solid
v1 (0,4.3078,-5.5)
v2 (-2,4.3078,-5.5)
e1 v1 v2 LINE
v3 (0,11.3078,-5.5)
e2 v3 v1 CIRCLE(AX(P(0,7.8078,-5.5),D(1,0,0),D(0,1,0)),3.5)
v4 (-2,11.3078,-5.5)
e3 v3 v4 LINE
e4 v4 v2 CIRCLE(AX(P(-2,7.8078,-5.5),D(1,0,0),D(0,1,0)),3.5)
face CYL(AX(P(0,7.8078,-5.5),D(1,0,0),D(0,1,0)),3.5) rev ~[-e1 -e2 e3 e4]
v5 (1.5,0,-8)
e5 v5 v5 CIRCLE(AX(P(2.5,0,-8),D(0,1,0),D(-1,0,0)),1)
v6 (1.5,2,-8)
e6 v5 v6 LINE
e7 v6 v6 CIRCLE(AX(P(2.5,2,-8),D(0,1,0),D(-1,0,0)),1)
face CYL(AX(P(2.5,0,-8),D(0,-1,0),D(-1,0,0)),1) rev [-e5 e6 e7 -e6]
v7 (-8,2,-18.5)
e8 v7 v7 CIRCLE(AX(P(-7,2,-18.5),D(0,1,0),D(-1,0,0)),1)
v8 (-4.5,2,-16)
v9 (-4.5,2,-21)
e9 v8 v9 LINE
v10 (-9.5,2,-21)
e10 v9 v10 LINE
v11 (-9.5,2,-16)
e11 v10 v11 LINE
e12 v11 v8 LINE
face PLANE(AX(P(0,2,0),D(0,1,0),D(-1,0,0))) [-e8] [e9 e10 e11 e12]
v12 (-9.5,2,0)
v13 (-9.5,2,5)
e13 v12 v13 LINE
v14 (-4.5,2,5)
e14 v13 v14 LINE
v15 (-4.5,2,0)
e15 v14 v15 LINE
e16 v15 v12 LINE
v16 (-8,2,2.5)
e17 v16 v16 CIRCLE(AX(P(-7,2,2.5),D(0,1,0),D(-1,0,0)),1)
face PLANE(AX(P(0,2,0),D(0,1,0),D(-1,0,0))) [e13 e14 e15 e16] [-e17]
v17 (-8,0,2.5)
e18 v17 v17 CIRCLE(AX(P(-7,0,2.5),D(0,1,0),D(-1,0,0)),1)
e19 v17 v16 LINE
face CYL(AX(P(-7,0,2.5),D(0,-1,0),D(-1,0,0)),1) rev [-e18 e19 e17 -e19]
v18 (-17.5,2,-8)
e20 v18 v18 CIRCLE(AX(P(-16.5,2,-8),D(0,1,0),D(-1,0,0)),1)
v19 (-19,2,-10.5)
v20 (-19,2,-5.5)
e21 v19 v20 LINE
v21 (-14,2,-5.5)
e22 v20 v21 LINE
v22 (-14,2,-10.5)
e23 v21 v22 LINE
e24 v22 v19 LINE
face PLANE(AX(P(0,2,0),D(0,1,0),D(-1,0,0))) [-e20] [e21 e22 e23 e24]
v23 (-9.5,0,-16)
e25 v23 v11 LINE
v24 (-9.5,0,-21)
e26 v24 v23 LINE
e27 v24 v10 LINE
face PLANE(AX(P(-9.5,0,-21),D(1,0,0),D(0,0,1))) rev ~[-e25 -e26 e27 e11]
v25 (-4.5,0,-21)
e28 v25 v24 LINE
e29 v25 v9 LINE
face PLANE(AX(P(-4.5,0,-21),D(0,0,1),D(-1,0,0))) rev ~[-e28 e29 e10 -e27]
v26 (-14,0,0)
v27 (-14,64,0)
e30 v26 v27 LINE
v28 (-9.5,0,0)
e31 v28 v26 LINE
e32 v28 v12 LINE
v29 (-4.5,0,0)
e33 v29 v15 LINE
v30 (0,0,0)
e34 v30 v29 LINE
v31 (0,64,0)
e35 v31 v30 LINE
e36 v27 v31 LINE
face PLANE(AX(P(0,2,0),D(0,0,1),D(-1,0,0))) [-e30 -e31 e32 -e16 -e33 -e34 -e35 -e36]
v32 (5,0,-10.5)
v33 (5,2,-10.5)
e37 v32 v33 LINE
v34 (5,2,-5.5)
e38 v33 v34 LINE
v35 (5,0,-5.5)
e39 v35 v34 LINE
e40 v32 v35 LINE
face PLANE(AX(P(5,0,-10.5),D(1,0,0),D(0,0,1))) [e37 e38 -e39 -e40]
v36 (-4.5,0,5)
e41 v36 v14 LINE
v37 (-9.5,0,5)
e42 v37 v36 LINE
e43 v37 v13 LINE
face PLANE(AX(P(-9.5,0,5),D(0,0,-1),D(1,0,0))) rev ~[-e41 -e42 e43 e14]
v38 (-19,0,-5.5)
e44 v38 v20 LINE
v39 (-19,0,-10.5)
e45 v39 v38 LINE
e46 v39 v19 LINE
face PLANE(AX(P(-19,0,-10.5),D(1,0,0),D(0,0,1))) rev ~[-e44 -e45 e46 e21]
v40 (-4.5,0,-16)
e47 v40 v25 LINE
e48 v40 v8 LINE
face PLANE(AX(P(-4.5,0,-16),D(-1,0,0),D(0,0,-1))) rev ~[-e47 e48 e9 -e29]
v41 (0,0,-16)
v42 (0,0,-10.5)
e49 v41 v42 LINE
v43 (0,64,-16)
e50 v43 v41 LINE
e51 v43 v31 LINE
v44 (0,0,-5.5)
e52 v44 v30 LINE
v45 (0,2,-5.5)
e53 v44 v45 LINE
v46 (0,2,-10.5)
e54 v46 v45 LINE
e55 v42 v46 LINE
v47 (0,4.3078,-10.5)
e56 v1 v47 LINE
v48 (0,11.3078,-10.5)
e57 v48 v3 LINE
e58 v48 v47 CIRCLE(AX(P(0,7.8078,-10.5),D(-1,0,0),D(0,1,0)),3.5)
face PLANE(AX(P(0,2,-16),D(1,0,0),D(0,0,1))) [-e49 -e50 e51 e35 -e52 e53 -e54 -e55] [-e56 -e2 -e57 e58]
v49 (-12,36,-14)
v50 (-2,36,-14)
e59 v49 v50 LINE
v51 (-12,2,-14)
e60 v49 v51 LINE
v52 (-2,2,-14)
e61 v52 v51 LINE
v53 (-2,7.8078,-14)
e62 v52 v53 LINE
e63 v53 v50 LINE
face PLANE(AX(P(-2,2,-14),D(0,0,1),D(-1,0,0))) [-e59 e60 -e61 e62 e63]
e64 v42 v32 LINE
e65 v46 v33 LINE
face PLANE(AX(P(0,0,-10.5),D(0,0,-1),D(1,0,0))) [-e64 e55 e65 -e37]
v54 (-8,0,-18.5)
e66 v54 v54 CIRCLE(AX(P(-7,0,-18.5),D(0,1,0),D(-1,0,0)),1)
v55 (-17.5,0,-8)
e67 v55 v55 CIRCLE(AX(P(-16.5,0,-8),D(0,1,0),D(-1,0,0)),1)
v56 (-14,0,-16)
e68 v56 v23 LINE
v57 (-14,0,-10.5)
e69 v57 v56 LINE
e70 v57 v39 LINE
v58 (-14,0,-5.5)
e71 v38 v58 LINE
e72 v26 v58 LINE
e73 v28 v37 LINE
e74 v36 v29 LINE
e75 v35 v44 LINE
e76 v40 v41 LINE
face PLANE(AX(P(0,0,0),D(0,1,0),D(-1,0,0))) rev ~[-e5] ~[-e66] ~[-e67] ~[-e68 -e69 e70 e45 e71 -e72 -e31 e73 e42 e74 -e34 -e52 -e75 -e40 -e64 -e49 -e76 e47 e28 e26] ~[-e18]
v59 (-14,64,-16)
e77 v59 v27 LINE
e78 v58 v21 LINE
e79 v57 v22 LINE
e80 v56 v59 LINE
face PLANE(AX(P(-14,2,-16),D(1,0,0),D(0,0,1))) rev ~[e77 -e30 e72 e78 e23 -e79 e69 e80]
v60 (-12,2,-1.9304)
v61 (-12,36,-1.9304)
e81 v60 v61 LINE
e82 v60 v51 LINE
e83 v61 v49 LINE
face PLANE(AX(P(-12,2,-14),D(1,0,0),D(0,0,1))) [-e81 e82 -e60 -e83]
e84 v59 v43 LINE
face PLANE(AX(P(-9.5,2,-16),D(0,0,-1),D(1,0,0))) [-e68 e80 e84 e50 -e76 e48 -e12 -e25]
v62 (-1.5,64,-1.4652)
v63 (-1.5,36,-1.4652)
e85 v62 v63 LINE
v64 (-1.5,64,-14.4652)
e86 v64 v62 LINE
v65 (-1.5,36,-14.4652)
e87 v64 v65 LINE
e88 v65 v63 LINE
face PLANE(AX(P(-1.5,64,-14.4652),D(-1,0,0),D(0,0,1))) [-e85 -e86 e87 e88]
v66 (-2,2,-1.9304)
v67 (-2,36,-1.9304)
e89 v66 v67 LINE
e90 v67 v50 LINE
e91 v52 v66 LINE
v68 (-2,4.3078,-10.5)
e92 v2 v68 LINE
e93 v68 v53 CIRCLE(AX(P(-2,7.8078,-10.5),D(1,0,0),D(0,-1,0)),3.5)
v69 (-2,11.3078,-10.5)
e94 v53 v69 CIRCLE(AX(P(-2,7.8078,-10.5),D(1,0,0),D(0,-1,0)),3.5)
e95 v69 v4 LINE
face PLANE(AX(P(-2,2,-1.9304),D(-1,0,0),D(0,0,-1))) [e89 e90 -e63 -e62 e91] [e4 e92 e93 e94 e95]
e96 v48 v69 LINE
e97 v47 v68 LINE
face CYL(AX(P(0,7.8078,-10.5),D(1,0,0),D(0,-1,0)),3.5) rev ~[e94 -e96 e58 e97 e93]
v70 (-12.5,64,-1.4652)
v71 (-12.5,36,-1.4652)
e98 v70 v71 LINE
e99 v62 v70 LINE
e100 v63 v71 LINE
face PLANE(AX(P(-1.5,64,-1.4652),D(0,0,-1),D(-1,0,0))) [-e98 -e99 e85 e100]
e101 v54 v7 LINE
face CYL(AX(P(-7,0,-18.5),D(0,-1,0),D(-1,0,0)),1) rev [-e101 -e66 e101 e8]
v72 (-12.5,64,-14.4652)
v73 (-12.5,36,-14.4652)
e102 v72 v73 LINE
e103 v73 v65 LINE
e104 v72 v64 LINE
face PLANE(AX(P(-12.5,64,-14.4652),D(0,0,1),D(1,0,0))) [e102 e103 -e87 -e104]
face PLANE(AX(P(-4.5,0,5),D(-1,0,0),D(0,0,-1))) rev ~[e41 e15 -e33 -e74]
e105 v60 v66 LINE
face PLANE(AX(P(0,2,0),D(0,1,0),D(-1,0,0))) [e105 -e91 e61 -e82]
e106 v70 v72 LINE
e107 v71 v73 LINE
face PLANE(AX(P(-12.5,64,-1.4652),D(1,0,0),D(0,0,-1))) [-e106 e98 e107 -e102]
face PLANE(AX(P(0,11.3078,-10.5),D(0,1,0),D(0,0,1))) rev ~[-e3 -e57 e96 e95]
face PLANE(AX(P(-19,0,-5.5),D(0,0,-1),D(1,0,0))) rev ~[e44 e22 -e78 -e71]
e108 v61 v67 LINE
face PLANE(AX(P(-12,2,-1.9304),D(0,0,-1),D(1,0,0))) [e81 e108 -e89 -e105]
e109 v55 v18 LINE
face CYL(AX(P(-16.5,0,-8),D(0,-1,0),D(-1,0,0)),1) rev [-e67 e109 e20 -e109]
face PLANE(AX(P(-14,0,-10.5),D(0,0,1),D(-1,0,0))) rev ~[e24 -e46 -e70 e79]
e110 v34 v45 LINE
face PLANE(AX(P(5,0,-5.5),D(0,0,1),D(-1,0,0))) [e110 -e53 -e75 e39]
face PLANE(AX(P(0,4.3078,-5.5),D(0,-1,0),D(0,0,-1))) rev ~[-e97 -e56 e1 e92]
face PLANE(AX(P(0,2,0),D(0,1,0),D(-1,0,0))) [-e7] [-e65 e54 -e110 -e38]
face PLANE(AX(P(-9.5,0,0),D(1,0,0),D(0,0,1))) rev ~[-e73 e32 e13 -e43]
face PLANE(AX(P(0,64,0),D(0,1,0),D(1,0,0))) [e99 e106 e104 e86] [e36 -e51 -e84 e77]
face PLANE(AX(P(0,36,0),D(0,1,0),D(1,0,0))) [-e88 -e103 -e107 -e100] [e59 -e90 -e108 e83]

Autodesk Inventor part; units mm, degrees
ref_plane "YZ Plane" through (0, 0, 0) normal (1, 0, 0) x (0, 1, 0)
ref_plane "XZ Plane" through (0, 0, 0) normal (0, 1, 0) x (-1, 0, 0)
ref_plane "XY Plane" through (0, 0, 0) normal (0, 0, 1) x (1, 0, 0)
sketch "Boceto1" plane through (0, 0, 0) normal (0, 1, 0) x (-1, 0, 0)
  line L0 (0, 0) -> (14, 0)
  line L1 (14, 0) -> (14, -16)
  line L2 (14, -16) -> (0, -16)
  line L3 (0, -16) -> (0, 0)
  line L4 (12, -2) -> (2, -2)
  line L5 (2, -2) -> (2, -14)
  line L6 (2, -14) -> (12, -14)
  line L7 (12, -14) -> (12, -2)
  line L8 (12, -2) -> (2, -14) construction
  line L9 (2, -2) -> (12, -14) construction
  line L10 (14, -8) -> (14, -10.5)
  line L11 (14, -10.5) -> (19, -10.5)
  line L12 (19, -10.5) -> (19, -5.5)
  line L13 (19, -5.5) -> (14, -5.5)
  circle A0 centre (16.5, -8) radius 1
  line L14 (7, -16) -> (4.5, -16)
  line L15 (4.5, -16) -> (4.5, -21)
  line L16 (4.5, -21) -> (9.5, -21)
  line L17 (9.5, -21) -> (9.5, -16)
  circle A1 centre (7, -18.5) radius 1
  line L18 (7, 0) -> (9.5, 0)
  line L19 (9.5, 0) -> (9.5, 5)
  line L20 (9.5, 5) -> (4.5, 5)
  line L21 (4.5, 5) -> (4.5, 0)
  circle A2 centre (7, 2.5) radius 1
  line L22 (0, -8) -> (0, -10.5)
  line L23 (0, -10.5) -> (-5, -10.5)
  line L24 (-5, -10.5) -> (-5, -5.5)
  line L25 (-5, -5.5) -> (0, -5.5)
  circle A3 centre (-2.5, -8) radius 1
  point P0 (7, -8)
  dimension "d0" = 14
  dimension "d1" = 16
  dimension "d2" = 10
  dimension "d3" = 12
  dimension "d4" = 2.5
  dimension "d5" = 5
  dimension "d6" = 5
  dimension "d7" = 2
  dimension "d8" = 2.5
  dimension "d9" = 5
  dimension "d10" = 5
  dimension "d11" = 2
  dimension "d12" = 2.5
  dimension "d13" = 5
  dimension "d14" = 5
  dimension "d15" = 2
  dimension "d16" = 2.5
  dimension "d17" = 5
  dimension "d18" = 5
  dimension "d19" = 2
extrude "Extrusión1" add sketch "Boceto1" along normal blind 2
sketch "Boceto2" plane through (0, 2, 0) normal (0, 1, 0) x (1, 0, 0)
  line L0 (-9.5, 16) -> (-14, 16) projected
  line L1 (-14, 16) -> (0, 16)
  line L2 (0, 16) -> (0, 0)
  line L3 (-14, 0) -> (-9.5, 0) projected
  line L4 (0, 0) -> (-14, 0)
  line L5 (-14, 16) -> (-14, 10.5) projected
  line L6 (-14, 0) -> (-14, 16)
  line L7 (-2, 14) -> (-12, 14) projected
  line L8 (-12, 14) -> (-12, 1.9304)
  line L9 (-12, 1.9304) -> (-2, 1.9304)
  line L10 (-2, 14) -> (-2, 2) projected
  line L11 (-2, 1.9304) -> (-2, 14)
  line L12 (-2, 14) -> (-12, 14)
extrude "Extrusión2" add sketch "Boceto2" along normal blind 62
sketch "Boceto3" plane through (0, 0, -10.5) normal (1, 0, 0) x (0, 0, -1)
  line L0 (-5, 7.8078) -> (0, 7.8078) construction
  line L1 (-5, 4.3078) -> (0, 4.3078)
  line L2 (0, 11.3078) -> (-5, 11.3078)
  arc A0 (-5, 11.3078) -> (-5, 4.3078) centre (-5, 7.8078) ccw
  arc A1 (0, 4.3078) -> (0, 11.3078) centre (0, 7.8078) ccw
  line L3 (3.5, 0) -> (3.5, 64) projected
  point P0 (-10.5, 0)
  point P1 (-2.5, 7.8078)
extrude "Extrusión3" cut sketch "Boceto3" against normal blind 2
extrude "Extrusión4" add sketch "Boceto1" along normal blind 2 contours L7 L6 L5 L4
sketch "Boceto4" plane through (0, 64, 0) normal (0, 1, 0) x (1, 0, 0)
  line L0 (-12, 14) -> (-2, 14) projected
  line L1 (-12, 14) -> (-2, 14)
  line L2 (-2, 2) -> (-2, 5.5) projected
  line L3 (-2, 14) -> (-2, 2)
  line L4 (-2, 1.9304) -> (-12, 1.9304) projected
  line L5 (-2, 2) -> (-12, 1.9304)
  line L6 (-12, 1.9304) -> (-12, 14)
  line L7 (-12.5, 14.4652) -> (-1.5, 14.4652)
  line L8 (-1.5, 14.4652) -> (-1.5, 1.4652)
  line L9 (-1.5, 1.4652) -> (-12.5, 1.4652)
  line L10 (-12.5, 1.4652) -> (-12.5, 14.4652)
  line L11 (-12.5, 14.4652) -> (-1.5, 1.4652) construction
  line L12 (-1.5, 14.4652) -> (-12.5, 1.4652) construction
  point P0 (0, 0)
  point P1 (-7, 7.9652)
  dimension "d28" = 11
  dimension "d29" = 13
extrude "Extrusión5" cut sketch "Boceto4" against normal blind 28
properties part number "SoporteMotorx1"
